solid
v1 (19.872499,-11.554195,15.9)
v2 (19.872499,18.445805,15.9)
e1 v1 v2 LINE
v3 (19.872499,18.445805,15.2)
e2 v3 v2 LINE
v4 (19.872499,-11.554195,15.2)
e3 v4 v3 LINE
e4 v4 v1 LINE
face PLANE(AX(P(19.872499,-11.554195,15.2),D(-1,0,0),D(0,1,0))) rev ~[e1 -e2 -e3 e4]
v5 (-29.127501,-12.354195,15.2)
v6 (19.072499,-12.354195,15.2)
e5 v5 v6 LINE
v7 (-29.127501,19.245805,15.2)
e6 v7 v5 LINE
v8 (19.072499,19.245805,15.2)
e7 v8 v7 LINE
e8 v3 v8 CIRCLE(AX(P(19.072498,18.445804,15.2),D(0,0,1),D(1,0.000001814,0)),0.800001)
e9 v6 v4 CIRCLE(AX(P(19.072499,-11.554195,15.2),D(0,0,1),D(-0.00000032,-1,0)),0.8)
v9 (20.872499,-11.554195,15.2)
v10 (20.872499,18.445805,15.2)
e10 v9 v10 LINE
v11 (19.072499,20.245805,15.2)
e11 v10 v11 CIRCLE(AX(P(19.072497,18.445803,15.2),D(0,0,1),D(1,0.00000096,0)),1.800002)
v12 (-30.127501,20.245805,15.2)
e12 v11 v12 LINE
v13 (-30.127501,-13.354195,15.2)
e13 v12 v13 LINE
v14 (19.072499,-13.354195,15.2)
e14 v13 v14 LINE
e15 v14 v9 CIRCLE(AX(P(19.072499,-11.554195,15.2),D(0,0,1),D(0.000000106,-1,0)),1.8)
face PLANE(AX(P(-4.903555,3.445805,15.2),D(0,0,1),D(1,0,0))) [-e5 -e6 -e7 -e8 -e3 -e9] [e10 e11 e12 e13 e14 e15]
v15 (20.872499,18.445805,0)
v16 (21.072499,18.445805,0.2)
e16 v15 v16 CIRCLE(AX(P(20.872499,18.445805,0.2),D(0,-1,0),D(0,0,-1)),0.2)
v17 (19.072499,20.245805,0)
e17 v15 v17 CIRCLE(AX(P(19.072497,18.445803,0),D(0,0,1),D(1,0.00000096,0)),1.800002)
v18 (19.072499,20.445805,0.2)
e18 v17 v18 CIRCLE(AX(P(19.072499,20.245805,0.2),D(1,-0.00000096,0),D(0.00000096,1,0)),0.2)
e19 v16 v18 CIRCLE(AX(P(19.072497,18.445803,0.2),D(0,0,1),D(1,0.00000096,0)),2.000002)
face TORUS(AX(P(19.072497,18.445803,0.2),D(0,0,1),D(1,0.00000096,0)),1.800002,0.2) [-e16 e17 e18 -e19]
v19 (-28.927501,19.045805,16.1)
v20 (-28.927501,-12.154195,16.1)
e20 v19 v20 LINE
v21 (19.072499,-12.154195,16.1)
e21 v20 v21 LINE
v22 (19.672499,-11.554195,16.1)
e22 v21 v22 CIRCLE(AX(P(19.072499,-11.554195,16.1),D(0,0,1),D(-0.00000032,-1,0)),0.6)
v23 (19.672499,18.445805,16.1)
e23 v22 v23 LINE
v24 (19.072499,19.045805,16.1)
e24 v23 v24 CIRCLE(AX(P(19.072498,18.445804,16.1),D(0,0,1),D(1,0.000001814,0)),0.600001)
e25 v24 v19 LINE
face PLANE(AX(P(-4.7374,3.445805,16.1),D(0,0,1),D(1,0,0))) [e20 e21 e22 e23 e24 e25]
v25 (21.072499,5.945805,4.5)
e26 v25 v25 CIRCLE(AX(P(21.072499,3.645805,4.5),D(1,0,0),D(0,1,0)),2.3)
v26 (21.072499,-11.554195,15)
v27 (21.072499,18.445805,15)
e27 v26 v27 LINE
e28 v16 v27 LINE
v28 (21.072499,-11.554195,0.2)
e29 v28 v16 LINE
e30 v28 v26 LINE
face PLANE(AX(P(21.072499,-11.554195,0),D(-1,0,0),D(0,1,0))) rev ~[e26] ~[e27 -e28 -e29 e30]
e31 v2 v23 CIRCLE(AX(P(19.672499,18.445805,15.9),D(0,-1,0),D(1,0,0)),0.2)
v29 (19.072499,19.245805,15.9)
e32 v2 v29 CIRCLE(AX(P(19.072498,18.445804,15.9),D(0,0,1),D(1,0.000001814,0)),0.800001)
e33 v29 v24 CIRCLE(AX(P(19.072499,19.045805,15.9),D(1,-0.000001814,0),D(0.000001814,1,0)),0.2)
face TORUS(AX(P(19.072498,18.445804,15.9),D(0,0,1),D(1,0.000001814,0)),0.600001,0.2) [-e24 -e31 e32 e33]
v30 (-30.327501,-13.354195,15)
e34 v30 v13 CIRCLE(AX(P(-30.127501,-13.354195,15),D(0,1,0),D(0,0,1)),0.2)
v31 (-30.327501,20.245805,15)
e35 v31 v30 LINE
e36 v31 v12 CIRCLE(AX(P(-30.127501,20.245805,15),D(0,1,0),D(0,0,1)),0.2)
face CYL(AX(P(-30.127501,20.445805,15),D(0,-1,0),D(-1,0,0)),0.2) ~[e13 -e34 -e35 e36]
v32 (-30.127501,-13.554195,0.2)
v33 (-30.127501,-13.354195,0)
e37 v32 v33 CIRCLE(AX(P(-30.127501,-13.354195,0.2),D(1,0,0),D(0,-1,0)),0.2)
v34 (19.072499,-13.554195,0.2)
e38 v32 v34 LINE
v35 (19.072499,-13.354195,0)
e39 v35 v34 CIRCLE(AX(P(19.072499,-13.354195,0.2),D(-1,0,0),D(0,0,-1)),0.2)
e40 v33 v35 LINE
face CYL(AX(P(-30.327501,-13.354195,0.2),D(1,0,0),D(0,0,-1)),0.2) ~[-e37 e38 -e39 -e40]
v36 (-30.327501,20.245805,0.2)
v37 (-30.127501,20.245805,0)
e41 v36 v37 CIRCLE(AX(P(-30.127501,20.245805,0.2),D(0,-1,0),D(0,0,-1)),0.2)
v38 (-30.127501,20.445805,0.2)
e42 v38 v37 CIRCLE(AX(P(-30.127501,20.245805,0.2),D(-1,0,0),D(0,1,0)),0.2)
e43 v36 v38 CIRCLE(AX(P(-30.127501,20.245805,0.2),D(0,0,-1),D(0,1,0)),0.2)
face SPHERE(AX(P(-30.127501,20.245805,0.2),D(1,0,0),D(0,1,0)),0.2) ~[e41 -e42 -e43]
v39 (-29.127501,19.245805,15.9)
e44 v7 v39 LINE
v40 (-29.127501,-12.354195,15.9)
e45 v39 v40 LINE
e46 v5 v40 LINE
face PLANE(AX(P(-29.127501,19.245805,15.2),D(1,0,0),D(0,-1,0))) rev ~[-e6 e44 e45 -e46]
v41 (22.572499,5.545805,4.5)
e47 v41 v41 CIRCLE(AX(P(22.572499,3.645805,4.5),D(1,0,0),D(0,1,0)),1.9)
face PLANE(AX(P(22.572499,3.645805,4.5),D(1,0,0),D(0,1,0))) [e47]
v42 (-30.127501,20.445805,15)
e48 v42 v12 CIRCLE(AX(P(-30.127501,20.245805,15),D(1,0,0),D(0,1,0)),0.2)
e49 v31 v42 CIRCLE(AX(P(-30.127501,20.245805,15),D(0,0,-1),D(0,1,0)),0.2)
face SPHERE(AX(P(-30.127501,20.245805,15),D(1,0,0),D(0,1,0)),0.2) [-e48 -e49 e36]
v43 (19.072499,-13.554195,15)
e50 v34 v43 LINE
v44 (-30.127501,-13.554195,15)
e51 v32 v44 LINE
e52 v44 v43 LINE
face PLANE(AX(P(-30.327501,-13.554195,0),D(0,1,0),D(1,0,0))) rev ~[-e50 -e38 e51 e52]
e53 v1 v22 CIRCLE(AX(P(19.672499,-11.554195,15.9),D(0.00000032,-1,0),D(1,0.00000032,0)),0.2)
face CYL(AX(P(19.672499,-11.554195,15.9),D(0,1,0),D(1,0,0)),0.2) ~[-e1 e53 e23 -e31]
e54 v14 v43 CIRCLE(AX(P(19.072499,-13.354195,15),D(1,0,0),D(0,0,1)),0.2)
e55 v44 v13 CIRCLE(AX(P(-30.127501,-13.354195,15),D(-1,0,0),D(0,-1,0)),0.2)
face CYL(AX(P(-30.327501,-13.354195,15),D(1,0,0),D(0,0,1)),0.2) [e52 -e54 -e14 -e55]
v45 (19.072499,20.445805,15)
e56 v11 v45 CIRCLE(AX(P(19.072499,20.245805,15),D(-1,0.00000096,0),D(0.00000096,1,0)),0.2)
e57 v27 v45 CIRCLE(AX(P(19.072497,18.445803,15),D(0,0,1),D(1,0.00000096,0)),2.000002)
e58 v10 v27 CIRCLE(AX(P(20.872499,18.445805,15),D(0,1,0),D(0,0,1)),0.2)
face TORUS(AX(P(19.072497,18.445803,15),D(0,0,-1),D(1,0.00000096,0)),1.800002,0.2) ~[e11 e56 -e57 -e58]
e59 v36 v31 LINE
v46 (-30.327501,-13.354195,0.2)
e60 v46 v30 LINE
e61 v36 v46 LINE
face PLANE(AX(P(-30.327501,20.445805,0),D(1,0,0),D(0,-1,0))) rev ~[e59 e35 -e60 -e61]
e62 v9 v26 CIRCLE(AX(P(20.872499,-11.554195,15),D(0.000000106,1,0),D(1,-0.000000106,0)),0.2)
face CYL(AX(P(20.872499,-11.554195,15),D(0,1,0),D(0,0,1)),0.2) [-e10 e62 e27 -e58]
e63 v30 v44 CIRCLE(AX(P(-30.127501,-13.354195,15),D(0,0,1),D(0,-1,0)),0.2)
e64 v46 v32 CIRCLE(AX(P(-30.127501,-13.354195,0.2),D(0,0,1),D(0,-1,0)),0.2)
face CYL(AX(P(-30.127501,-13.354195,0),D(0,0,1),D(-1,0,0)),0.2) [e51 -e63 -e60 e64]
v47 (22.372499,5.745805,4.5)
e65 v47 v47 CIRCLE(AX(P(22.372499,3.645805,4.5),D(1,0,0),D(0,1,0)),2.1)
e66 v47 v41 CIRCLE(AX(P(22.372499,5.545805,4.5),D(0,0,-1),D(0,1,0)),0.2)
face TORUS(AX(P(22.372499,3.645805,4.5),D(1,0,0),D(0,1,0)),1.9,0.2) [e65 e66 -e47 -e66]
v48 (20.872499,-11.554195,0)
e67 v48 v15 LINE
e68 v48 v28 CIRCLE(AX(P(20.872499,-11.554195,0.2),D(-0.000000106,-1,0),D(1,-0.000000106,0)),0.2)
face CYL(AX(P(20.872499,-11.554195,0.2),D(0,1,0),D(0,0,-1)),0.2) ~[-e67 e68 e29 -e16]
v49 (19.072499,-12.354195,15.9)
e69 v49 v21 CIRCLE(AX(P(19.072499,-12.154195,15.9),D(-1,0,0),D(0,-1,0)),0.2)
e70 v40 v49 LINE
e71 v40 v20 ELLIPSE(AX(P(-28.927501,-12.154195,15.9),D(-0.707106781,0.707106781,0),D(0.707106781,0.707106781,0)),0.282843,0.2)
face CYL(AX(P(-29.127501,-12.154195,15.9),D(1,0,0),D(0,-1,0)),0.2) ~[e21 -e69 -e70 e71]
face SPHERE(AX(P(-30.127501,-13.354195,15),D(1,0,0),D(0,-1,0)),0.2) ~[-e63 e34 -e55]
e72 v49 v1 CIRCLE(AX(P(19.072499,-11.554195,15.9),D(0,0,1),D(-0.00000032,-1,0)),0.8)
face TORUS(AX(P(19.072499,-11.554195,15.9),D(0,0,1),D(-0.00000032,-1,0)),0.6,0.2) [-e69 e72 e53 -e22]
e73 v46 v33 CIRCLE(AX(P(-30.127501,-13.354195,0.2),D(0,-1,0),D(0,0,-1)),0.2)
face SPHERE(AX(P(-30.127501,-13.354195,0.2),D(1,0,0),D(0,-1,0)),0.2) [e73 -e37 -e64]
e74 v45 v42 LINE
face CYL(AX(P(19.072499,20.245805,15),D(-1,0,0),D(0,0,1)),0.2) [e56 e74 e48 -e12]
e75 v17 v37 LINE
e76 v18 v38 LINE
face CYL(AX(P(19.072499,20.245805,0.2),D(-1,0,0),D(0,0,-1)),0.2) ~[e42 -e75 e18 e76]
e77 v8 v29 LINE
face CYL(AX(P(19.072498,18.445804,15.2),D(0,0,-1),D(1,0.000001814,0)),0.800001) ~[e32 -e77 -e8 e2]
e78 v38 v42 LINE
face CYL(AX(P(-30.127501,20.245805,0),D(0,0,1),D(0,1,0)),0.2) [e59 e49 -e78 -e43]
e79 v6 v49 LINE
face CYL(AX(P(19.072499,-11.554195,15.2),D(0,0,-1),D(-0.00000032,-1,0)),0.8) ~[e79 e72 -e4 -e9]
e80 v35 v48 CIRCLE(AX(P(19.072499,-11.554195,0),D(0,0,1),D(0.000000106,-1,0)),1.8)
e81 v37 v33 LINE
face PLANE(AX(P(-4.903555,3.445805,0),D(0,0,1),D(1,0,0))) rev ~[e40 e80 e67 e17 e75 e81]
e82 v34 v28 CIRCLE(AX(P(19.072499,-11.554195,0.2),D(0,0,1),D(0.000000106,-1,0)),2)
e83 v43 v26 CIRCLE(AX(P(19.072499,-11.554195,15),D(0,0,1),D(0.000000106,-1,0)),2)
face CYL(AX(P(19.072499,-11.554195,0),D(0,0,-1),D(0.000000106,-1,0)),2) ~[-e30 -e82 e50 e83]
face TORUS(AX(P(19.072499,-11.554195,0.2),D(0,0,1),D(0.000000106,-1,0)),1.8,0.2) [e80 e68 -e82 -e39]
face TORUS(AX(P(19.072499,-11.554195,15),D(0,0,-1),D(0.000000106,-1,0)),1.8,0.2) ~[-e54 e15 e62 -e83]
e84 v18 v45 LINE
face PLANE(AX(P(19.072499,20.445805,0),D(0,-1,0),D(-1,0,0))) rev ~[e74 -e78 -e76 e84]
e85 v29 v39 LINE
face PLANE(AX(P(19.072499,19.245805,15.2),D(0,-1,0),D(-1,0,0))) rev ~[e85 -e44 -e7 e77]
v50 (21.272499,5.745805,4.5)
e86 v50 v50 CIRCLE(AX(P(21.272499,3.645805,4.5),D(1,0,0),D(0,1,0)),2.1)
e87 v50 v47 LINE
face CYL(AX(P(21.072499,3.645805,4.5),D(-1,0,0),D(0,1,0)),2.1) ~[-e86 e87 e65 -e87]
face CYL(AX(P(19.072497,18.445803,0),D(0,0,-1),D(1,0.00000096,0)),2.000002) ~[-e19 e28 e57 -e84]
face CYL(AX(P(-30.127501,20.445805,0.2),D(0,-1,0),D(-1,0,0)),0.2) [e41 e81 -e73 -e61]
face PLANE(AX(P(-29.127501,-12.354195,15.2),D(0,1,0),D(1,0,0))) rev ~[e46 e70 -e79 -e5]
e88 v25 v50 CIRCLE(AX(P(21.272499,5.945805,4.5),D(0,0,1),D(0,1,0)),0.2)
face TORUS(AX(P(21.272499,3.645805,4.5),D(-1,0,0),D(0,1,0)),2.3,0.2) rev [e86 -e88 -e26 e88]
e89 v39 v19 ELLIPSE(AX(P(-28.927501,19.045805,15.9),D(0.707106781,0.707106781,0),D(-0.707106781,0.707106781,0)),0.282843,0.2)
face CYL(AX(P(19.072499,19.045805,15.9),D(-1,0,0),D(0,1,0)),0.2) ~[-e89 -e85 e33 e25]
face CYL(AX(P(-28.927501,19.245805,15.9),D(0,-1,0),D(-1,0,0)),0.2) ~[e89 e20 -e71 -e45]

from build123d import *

# Parameters (mm, degrees)
F1_DEPTH = 15.2
F2_R     = 2.1
F3_DEPTH = 1.5
F4_R     = 0.2
F6_DEPTH = 0.9
F7_R     = 0.2


with BuildPart() as f1:
    # F0 (on Top) → F1 (new body)
    with BuildSketch(Plane.XY):
        with BuildLine():
            Line((19.072499, 20.445805), (-30.327501, 20.445805))
            Line((-30.327501, 20.445805), (-30.327501, -13.554195))
            Line((-30.327501, -13.554195), (19.072499, -13.554195))
            ThreePointArc((19.072499, -13.554195), (20.486712, -12.968409), (21.072499, -11.554195))
            Line((21.072499, -11.554195), (21.072499, 18.445805))
            ThreePointArc((21.072499, 18.445805), (20.486712, 19.860018), (19.072499, 20.445805))
        make_face()
    extrude(amount=F1_DEPTH)

    # F2 (on face) → F3 (join)
    with BuildSketch(Plane.YZ.offset(21.072499)):
        with Locations((3.645805, 4.5)):
            Circle(F2_R)
    extrude(amount=F3_DEPTH)

    # F4
    f4_edges = [f1.edges().sort_by_distance(p)[0] for p in [
        (21.072499, 3.445805, 15.2),
        (21.072499, 3.445805, 0),
        (22.572499, 1.545805, 4.5),
        (21.072499, 1.545805, 4.5),
        (-30.327501, 20.445805, 7.6),
        (-30.327501, -13.554195, 7.6),
        (-30.327501, 3.445805, 15.2),
        (-30.327501, 3.445805, 0),
    ]]
    fillet(f4_edges, radius=F4_R)

    # F5 (on face) → F6 (join)
    with BuildSketch(Plane.XY.offset(15.2)):
        with BuildLine():
            Line((-29.127501, 19.245805), (-29.127501, -12.354195))
            Line((-29.127501, -12.354195), (19.072499, -12.354195))
            ThreePointArc((19.072499, -12.354195), (19.638184, -12.119881), (19.872499, -11.554195))
            Line((19.872499, -11.554195), (19.872499, 18.445805))
            ThreePointArc((19.872499, 18.445805), (19.638184, 19.01149), (19.072499, 19.245805))
            Line((19.072499, 19.245805), (-29.127501, 19.245805))
        make_face()
    extrude(amount=F6_DEPTH)

    # F7
    f7_edges = [f1.edges().sort_by_distance(p)[0] for p in [
        (-5.027501, -12.354195, 16.1),
        (19.638184, -12.119881, 16.1),
        (19.872499, 3.445805, 16.1),
        (19.638184, 19.01149, 16.1),
        (-5.027501, 19.245805, 16.1),
        (-29.127501, 3.445805, 16.1),
    ]]
    fillet(f7_edges, radius=F7_R)


solid = f1.part
